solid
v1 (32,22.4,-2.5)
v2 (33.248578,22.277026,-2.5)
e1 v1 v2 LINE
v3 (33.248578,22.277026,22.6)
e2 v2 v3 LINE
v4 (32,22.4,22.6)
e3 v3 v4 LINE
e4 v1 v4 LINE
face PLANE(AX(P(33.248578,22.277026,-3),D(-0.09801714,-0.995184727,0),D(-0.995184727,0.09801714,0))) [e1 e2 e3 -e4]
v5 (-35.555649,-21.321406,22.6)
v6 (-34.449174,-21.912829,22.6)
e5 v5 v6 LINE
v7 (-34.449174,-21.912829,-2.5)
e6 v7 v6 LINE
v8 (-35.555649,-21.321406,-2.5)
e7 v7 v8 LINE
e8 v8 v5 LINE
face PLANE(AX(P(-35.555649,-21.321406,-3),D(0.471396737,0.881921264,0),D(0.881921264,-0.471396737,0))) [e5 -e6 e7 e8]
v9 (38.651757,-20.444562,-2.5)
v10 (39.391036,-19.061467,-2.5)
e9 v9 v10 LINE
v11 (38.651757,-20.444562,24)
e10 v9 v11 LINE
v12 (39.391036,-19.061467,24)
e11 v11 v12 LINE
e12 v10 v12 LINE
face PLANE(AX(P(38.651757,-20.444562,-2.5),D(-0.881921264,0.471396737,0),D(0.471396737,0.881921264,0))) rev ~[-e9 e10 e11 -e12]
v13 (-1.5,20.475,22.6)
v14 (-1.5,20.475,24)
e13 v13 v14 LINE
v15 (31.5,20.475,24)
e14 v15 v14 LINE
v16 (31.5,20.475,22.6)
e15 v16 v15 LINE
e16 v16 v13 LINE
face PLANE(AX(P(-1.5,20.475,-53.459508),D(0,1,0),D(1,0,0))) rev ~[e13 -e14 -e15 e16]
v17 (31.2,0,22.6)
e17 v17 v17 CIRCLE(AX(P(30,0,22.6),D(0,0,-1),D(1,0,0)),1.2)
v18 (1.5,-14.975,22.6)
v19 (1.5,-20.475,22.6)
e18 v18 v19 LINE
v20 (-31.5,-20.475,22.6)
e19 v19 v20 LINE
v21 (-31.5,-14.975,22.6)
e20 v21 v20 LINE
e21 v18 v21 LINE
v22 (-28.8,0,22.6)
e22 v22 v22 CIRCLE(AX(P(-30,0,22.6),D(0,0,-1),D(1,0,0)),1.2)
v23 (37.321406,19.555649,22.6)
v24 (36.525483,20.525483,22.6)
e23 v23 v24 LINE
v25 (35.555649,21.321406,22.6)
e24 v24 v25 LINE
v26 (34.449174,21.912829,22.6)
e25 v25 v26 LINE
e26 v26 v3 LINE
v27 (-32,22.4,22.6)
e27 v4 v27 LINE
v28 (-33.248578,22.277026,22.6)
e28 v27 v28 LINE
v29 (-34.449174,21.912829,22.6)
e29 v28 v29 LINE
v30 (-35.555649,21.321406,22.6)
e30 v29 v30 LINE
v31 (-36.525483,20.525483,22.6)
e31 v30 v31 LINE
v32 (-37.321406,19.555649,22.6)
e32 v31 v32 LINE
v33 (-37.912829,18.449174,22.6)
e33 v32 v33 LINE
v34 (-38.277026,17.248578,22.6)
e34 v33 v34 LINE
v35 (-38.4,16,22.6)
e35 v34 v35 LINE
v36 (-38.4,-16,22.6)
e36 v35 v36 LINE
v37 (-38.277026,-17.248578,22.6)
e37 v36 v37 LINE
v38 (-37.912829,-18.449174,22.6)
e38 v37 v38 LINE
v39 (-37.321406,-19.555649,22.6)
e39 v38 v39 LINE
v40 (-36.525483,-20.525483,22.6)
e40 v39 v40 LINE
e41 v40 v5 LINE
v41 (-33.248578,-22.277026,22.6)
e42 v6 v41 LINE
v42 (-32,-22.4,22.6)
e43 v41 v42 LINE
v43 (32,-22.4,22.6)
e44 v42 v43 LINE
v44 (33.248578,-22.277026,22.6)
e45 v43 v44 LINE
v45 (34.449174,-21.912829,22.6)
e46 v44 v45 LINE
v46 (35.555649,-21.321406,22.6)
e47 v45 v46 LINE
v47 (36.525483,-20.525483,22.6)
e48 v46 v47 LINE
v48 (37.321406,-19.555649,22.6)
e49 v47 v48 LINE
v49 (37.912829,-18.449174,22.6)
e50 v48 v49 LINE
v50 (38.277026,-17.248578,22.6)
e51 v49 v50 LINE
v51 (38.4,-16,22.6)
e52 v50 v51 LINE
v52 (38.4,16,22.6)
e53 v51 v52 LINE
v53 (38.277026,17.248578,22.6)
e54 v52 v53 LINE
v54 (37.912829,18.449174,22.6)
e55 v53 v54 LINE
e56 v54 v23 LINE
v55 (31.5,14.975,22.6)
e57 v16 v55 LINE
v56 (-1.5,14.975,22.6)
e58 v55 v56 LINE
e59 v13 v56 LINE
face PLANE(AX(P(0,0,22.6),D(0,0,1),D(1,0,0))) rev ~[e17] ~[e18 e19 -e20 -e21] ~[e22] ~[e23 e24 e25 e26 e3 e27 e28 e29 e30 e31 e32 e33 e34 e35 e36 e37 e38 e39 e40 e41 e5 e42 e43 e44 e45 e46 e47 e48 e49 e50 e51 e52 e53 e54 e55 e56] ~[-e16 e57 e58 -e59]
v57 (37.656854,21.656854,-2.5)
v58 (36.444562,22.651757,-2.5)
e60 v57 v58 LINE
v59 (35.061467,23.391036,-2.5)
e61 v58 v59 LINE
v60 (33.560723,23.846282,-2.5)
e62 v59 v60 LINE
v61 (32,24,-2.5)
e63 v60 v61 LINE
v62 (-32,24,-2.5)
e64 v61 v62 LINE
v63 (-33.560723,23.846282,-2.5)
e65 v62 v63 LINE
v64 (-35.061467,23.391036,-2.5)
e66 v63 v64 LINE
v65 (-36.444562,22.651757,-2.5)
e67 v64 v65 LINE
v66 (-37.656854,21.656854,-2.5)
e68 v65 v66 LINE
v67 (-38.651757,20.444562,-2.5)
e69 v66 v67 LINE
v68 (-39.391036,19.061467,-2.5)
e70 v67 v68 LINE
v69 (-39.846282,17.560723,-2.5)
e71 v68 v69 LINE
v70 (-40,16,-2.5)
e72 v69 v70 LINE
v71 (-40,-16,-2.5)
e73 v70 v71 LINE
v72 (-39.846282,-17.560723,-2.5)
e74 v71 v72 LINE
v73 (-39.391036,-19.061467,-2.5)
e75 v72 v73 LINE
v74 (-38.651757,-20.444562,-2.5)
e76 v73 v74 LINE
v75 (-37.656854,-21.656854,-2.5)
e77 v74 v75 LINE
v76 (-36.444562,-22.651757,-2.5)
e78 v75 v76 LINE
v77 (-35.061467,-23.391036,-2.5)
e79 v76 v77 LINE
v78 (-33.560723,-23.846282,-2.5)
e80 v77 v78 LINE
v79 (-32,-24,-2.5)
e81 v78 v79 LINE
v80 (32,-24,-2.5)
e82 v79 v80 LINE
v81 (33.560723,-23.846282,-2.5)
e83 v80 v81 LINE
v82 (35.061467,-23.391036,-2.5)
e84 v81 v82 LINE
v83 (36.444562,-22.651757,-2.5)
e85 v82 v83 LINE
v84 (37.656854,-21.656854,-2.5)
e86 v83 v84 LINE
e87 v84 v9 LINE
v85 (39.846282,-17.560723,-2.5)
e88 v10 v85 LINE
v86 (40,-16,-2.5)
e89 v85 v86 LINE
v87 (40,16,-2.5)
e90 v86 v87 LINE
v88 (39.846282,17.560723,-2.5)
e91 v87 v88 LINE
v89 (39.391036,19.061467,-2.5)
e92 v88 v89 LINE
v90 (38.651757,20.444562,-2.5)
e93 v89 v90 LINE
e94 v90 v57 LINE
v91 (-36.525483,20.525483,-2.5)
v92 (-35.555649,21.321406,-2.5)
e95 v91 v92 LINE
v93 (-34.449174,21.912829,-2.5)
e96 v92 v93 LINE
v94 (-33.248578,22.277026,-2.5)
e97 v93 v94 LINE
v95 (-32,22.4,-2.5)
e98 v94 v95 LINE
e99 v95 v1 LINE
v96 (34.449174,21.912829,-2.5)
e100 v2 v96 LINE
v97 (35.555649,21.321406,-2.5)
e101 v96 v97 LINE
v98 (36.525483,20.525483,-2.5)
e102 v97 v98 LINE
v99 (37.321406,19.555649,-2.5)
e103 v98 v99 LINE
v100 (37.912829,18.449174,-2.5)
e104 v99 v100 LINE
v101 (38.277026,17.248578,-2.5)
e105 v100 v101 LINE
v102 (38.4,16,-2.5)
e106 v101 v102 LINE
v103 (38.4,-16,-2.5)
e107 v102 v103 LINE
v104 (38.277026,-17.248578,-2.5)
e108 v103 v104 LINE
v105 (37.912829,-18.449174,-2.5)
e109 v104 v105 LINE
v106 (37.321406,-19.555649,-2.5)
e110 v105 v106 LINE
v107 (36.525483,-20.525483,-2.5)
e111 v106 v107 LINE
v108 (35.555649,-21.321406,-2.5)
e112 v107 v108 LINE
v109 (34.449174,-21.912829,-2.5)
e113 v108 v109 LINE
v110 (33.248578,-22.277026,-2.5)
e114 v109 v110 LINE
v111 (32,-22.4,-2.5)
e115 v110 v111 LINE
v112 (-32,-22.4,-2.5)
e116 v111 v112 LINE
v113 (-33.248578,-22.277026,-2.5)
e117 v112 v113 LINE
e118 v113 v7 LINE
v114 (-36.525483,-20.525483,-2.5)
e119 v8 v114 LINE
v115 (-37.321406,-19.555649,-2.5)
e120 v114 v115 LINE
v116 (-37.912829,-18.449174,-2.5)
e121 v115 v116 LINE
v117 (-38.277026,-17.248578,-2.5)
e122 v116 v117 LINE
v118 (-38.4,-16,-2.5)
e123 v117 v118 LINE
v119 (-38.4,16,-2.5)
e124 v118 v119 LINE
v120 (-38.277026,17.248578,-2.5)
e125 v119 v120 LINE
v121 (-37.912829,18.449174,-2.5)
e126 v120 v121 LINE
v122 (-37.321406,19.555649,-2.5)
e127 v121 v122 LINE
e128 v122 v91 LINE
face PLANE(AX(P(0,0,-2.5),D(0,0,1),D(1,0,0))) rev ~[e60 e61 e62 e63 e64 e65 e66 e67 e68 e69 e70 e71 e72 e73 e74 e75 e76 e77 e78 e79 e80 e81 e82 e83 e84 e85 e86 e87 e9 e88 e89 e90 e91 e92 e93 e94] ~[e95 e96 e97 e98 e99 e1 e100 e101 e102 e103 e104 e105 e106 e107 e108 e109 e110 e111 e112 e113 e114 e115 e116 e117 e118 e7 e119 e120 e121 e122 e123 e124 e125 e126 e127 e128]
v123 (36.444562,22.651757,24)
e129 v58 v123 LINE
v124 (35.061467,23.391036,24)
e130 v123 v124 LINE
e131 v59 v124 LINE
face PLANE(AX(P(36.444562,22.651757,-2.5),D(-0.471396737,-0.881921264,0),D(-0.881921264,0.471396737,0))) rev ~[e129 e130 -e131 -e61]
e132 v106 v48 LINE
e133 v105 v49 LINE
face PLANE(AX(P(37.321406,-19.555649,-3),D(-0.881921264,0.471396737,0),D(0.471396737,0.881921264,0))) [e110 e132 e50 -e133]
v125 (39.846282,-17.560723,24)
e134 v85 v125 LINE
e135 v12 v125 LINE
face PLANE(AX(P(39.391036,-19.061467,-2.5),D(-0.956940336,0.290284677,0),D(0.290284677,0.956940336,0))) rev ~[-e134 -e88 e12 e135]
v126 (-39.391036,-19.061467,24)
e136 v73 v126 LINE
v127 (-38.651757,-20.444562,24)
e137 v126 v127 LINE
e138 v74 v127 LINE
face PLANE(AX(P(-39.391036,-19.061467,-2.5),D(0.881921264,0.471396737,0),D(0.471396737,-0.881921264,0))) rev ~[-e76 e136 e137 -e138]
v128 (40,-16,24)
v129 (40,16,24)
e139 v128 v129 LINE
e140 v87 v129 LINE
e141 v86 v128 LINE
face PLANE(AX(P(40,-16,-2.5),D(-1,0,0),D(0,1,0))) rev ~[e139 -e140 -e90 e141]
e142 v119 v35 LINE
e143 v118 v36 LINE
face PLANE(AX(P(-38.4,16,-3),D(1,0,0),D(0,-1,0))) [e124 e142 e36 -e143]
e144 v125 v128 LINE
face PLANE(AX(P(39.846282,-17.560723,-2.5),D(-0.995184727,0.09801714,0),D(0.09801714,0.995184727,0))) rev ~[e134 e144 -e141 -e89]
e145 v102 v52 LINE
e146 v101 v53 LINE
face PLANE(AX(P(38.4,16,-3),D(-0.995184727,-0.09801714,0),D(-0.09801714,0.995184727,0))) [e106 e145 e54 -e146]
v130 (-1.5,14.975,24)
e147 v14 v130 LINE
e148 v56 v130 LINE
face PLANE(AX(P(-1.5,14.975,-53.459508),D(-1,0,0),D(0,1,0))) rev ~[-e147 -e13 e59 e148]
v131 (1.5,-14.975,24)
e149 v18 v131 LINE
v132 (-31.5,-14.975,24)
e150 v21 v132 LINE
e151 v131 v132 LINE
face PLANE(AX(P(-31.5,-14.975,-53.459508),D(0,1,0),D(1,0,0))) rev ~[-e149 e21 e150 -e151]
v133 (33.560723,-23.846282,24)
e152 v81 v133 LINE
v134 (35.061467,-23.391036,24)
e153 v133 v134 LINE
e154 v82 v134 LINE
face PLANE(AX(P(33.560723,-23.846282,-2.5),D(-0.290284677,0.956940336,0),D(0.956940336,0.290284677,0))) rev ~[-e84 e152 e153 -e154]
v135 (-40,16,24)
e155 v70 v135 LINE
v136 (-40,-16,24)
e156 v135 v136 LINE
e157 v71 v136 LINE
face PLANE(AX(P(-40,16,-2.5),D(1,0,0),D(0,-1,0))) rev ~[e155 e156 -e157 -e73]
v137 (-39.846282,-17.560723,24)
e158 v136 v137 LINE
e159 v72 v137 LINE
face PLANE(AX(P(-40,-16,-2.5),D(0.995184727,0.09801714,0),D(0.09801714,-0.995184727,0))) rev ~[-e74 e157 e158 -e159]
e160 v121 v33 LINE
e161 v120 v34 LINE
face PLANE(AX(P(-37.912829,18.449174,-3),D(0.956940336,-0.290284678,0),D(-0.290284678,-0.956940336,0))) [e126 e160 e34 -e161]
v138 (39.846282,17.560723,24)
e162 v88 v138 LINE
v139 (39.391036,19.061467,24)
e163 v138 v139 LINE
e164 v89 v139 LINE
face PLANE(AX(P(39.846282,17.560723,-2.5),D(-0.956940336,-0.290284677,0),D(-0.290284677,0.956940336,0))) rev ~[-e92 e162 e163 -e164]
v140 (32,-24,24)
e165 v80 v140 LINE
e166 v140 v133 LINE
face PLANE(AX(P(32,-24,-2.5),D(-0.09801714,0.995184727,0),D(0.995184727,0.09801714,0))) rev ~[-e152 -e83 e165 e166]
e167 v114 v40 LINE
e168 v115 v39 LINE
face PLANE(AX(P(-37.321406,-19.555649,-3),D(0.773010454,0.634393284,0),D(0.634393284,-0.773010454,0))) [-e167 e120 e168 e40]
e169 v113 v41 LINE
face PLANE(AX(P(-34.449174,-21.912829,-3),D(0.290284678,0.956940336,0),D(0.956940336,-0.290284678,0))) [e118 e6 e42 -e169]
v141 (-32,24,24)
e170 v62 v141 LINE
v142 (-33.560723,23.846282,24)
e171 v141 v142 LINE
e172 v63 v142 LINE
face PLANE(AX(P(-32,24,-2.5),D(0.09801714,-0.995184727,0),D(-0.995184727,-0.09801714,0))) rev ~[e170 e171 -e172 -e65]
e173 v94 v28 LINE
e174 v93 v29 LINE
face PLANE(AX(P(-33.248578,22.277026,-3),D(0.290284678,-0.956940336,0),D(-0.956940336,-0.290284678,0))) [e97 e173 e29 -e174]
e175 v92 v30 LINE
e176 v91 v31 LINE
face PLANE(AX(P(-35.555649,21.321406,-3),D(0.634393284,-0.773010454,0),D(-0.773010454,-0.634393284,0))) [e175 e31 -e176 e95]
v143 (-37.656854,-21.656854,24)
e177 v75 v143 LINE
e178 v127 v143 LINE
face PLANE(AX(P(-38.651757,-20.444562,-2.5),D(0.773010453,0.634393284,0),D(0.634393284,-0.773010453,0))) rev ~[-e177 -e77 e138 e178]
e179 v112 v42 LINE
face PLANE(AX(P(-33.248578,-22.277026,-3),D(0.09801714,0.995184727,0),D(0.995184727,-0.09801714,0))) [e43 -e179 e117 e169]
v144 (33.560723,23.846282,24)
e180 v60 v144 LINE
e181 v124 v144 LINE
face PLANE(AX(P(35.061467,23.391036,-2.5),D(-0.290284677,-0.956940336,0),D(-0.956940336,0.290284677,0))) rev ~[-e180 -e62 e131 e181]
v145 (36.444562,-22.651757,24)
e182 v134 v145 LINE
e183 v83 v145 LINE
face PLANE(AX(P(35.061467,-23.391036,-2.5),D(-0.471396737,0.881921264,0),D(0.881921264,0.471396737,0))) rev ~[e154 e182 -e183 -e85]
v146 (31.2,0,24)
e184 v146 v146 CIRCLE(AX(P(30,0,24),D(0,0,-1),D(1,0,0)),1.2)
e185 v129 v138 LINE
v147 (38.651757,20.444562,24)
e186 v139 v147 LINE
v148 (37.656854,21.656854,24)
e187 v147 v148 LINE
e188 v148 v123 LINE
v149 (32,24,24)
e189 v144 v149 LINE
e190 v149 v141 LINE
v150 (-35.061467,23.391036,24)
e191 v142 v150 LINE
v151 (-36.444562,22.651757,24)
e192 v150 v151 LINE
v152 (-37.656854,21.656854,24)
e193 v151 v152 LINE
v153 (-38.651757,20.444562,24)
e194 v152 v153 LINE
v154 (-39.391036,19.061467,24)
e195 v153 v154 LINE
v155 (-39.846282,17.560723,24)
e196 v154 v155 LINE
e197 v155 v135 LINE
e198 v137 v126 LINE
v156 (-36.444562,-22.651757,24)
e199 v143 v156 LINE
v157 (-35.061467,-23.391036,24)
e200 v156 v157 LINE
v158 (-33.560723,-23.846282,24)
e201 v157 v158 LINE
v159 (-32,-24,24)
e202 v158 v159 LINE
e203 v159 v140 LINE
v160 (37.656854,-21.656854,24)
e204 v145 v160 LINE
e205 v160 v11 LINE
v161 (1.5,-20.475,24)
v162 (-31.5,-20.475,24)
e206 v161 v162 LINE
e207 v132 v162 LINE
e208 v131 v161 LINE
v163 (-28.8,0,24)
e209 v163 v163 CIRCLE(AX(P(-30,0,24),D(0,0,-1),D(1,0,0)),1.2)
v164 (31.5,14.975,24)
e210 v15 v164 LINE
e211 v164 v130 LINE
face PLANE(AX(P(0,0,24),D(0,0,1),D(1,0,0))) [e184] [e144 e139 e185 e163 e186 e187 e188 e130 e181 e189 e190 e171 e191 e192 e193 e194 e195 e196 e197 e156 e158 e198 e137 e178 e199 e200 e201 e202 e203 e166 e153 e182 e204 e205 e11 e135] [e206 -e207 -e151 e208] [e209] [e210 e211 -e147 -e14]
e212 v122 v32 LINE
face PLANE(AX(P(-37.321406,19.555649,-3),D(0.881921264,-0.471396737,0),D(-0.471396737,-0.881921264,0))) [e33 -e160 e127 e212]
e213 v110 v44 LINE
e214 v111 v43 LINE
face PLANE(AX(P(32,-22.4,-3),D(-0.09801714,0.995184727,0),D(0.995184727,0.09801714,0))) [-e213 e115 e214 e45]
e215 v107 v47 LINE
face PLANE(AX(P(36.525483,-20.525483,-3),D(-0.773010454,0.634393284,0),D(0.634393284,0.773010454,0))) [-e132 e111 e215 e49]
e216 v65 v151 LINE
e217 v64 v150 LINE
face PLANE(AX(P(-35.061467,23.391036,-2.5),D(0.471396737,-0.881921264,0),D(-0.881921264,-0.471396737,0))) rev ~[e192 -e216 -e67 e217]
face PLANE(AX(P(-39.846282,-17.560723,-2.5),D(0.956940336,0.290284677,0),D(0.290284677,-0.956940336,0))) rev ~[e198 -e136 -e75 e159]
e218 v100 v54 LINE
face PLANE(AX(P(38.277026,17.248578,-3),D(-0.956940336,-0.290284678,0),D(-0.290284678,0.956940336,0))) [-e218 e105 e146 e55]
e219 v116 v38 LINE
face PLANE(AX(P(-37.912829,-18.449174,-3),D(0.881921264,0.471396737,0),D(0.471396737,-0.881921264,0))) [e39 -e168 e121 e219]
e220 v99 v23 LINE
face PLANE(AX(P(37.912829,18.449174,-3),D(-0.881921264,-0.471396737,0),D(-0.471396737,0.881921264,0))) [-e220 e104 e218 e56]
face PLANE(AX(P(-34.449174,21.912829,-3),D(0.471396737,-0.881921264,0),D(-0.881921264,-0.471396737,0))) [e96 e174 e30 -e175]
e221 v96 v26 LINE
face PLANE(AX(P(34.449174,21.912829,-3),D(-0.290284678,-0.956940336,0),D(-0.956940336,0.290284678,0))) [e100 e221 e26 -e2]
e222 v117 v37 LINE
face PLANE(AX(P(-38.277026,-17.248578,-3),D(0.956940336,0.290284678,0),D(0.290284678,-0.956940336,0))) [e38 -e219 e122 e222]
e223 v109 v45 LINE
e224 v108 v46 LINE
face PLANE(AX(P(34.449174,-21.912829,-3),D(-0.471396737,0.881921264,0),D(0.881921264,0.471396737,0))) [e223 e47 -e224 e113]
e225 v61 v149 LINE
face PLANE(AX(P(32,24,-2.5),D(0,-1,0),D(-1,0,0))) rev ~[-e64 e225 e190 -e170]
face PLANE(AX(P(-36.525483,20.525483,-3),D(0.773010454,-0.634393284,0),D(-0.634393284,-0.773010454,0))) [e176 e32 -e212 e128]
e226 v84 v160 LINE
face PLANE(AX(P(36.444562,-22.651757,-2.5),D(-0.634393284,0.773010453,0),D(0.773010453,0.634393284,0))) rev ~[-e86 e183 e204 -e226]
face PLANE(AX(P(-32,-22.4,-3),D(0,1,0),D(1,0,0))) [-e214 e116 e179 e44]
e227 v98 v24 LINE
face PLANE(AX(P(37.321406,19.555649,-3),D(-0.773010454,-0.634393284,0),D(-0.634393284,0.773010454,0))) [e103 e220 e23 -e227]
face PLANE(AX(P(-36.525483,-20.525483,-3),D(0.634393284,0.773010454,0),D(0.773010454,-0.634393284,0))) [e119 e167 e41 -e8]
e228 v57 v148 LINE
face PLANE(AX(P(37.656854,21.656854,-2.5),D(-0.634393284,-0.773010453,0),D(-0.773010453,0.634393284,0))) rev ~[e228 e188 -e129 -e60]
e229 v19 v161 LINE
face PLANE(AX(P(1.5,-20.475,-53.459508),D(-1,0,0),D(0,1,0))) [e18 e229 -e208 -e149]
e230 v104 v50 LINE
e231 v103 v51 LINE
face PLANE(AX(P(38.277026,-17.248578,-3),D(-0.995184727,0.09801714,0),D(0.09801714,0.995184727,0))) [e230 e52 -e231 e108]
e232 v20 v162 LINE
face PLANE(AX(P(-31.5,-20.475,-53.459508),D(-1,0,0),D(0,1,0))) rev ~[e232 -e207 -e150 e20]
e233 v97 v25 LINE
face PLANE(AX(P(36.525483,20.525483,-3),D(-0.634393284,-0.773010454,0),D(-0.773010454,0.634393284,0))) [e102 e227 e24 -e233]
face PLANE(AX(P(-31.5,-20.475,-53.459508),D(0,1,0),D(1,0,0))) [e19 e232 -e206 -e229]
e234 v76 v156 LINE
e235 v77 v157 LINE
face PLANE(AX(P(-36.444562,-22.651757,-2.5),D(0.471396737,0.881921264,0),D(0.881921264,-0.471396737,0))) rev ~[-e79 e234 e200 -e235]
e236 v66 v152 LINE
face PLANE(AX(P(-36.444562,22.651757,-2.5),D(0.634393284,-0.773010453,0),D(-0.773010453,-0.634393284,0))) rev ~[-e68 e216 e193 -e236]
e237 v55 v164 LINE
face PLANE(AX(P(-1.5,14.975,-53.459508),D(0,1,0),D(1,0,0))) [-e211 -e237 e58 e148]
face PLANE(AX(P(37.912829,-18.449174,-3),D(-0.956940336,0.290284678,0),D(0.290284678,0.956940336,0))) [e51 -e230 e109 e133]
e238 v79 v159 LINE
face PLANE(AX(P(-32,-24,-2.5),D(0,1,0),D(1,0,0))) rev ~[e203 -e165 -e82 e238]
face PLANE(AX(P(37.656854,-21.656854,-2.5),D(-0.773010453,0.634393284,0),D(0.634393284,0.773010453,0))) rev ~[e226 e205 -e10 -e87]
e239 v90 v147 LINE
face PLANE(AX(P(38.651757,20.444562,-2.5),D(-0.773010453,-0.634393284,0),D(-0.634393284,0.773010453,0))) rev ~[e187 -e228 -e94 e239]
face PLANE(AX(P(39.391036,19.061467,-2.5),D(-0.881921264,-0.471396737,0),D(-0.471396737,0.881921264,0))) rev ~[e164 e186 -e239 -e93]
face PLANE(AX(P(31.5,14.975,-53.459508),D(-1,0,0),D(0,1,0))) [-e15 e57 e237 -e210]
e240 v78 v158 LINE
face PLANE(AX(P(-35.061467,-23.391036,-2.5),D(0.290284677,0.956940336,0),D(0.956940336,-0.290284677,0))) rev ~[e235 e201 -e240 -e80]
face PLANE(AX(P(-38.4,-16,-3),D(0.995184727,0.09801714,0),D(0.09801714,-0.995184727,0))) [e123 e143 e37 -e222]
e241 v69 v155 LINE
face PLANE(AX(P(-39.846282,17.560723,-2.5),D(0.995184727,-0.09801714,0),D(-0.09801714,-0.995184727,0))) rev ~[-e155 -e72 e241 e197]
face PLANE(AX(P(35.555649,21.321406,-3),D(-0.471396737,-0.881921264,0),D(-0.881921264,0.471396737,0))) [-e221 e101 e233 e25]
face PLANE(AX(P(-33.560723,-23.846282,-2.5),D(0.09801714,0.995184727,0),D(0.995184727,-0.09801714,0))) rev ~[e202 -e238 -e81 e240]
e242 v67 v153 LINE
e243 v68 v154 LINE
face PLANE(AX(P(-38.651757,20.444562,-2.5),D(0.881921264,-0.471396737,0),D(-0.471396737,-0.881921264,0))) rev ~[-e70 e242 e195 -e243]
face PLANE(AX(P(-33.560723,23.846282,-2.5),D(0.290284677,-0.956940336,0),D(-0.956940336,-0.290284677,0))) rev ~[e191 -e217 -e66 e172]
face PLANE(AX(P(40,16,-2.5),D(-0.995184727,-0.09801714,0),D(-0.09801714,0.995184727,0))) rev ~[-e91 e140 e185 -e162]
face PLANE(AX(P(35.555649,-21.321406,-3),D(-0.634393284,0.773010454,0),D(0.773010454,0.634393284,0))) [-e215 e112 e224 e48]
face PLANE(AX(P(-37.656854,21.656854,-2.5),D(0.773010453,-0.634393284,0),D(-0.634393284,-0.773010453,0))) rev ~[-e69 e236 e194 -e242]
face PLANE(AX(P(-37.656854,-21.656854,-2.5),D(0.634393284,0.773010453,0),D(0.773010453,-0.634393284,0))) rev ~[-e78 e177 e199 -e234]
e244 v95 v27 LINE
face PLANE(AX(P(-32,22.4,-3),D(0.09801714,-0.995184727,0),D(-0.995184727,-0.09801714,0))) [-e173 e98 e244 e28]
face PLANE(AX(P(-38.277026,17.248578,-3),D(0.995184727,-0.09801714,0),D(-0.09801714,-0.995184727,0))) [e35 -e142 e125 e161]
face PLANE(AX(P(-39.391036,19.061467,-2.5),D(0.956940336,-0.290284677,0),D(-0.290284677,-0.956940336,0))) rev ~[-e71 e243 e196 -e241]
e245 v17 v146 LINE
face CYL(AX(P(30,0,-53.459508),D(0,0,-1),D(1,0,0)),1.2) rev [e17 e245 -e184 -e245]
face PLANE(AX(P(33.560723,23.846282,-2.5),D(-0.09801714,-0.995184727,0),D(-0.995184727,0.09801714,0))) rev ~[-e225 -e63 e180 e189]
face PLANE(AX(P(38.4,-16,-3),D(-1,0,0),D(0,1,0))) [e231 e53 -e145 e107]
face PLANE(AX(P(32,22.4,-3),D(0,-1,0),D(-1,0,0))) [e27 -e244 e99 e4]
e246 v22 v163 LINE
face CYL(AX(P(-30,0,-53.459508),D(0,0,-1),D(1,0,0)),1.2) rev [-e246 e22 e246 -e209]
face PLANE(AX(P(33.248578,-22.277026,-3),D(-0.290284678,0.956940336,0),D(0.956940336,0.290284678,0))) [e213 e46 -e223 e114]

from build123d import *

# Parameters (mm, degrees)
BOSS_EXTRUDE1_START     = -2.5
BOSS_EXTRUDE1_DEPTH     = 26.5
CUT_EXTRUDE1_START      = -3
CUT_EXTRUDE1_DEPTH      = 25.6
CUT_EXTRUDE2_DEPTH      = 53.459508194
CUT_EXTRUDE2_DEPTH_BACK = 53.459508194
SKETCH3_W               = 33
SKETCH3_H               = 5.5
CUT_EXTRUDE3_DEPTH      = 53.459508194
CUT_EXTRUDE3_DEPTH_BACK = 53.459508194
SKETCH4_R               = 1.2


with BuildPart() as part:
    # Sketch1 → Boss-Extrude1 (new body)
    with BuildSketch(Plane.XY.offset(BOSS_EXTRUDE1_START)):
        Polygon((40, 16), (39.846282243, 17.560722576), (39.39103626, 19.061467459), (38.651756898, 20.444561864), (37.656854249, 21.656854249), (36.444561864, 22.651756898), (35.061467459, 23.39103626), (33.560722576, 23.846282243), (32, 24), (-32, 24), (-33.560722576, 23.846282243), (-35.061467459, 23.39103626), (-36.444561864, 22.651756898), (-37.656854249, 21.656854249), (-38.651756898, 20.444561864), (-39.39103626, 19.061467459), (-39.846282243, 17.560722576), (-40, 16), (-40, -16), (-39.846282243, -17.560722576), (-39.39103626, -19.061467459), (-38.651756898, -20.444561864), (-37.656854249, -21.656854249), (-36.444561864, -22.651756898), (-35.061467459, -23.39103626), (-33.560722576, -23.846282243), (-32, -24), (32, -24), (33.560722576, -23.846282243), (35.061467459, -23.39103626), (36.444561864, -22.651756898), (37.656854249, -21.656854249), (38.651756898, -20.444561864), (39.39103626, -19.061467459), (39.846282243, -17.560722576), (40, -16), align=None)
    extrude(amount=BOSS_EXTRUDE1_DEPTH)

    # Sketch2 → Cut-Extrude1 (cut)
    with BuildSketch(Plane.XY.offset(CUT_EXTRUDE1_START)):
        Polygon((38.4, 16), (38.277025795, 17.248578061), (37.912829008, 18.449173967), (37.321405519, 19.555649491), (36.5254834, 20.5254834), (35.555649491, 21.321405519), (34.449173967, 21.912829008), (33.248578061, 22.277025795), (32, 22.4), (-32, 22.4), (-33.248578061, 22.277025795), (-34.449173967, 21.912829008), (-35.555649491, 21.321405519), (-36.5254834, 20.5254834), (-37.321405519, 19.555649491), (-37.912829008, 18.449173967), (-38.277025795, 17.248578061), (-38.4, 16), (-38.4, -16), (-38.277025795, -17.248578061), (-37.912829008, -18.449173967), (-37.321405519, -19.555649491), (-36.5254834, -20.5254834), (-35.555649491, -21.321405519), (-34.449173967, -21.912829008), (-33.248578061, -22.277025795), (-32, -22.4), (32, -22.4), (33.248578061, -22.277025795), (34.449173967, -21.912829008), (35.555649491, -21.321405519), (36.5254834, -20.5254834), (37.321405519, -19.555649491), (37.912829008, -18.449173967), (38.277025795, -17.248578061), (38.4, -16), align=None)
    extrude(amount=CUT_EXTRUDE1_DEPTH, mode=Mode.SUBTRACT)

    # Sketch3 → Cut-Extrude2 (cut, two sides: drawn at the far end of the back side and taken through both)
    with BuildSketch(Plane.XY.offset(-CUT_EXTRUDE2_DEPTH_BACK)):
        with Locations((15, 17.725)):
            Rectangle(SKETCH3_W, SKETCH3_H)
        with Locations((-15, -17.725)):
            Rectangle(SKETCH3_W, SKETCH3_H)
    extrude(amount=CUT_EXTRUDE2_DEPTH + CUT_EXTRUDE2_DEPTH_BACK, mode=Mode.SUBTRACT)

    # Sketch4 → Cut-Extrude3 (cut, two sides: drawn at the far end of the back side and taken through both)
    with BuildSketch(Plane.XY.offset(-CUT_EXTRUDE3_DEPTH_BACK)):
        with Locations((30, 0)):
            Circle(SKETCH4_R)
        with Locations((-30, 0)):
            Circle(SKETCH4_R)
    extrude(amount=CUT_EXTRUDE3_DEPTH + CUT_EXTRUDE3_DEPTH_BACK, mode=Mode.SUBTRACT)


solid = part.part
